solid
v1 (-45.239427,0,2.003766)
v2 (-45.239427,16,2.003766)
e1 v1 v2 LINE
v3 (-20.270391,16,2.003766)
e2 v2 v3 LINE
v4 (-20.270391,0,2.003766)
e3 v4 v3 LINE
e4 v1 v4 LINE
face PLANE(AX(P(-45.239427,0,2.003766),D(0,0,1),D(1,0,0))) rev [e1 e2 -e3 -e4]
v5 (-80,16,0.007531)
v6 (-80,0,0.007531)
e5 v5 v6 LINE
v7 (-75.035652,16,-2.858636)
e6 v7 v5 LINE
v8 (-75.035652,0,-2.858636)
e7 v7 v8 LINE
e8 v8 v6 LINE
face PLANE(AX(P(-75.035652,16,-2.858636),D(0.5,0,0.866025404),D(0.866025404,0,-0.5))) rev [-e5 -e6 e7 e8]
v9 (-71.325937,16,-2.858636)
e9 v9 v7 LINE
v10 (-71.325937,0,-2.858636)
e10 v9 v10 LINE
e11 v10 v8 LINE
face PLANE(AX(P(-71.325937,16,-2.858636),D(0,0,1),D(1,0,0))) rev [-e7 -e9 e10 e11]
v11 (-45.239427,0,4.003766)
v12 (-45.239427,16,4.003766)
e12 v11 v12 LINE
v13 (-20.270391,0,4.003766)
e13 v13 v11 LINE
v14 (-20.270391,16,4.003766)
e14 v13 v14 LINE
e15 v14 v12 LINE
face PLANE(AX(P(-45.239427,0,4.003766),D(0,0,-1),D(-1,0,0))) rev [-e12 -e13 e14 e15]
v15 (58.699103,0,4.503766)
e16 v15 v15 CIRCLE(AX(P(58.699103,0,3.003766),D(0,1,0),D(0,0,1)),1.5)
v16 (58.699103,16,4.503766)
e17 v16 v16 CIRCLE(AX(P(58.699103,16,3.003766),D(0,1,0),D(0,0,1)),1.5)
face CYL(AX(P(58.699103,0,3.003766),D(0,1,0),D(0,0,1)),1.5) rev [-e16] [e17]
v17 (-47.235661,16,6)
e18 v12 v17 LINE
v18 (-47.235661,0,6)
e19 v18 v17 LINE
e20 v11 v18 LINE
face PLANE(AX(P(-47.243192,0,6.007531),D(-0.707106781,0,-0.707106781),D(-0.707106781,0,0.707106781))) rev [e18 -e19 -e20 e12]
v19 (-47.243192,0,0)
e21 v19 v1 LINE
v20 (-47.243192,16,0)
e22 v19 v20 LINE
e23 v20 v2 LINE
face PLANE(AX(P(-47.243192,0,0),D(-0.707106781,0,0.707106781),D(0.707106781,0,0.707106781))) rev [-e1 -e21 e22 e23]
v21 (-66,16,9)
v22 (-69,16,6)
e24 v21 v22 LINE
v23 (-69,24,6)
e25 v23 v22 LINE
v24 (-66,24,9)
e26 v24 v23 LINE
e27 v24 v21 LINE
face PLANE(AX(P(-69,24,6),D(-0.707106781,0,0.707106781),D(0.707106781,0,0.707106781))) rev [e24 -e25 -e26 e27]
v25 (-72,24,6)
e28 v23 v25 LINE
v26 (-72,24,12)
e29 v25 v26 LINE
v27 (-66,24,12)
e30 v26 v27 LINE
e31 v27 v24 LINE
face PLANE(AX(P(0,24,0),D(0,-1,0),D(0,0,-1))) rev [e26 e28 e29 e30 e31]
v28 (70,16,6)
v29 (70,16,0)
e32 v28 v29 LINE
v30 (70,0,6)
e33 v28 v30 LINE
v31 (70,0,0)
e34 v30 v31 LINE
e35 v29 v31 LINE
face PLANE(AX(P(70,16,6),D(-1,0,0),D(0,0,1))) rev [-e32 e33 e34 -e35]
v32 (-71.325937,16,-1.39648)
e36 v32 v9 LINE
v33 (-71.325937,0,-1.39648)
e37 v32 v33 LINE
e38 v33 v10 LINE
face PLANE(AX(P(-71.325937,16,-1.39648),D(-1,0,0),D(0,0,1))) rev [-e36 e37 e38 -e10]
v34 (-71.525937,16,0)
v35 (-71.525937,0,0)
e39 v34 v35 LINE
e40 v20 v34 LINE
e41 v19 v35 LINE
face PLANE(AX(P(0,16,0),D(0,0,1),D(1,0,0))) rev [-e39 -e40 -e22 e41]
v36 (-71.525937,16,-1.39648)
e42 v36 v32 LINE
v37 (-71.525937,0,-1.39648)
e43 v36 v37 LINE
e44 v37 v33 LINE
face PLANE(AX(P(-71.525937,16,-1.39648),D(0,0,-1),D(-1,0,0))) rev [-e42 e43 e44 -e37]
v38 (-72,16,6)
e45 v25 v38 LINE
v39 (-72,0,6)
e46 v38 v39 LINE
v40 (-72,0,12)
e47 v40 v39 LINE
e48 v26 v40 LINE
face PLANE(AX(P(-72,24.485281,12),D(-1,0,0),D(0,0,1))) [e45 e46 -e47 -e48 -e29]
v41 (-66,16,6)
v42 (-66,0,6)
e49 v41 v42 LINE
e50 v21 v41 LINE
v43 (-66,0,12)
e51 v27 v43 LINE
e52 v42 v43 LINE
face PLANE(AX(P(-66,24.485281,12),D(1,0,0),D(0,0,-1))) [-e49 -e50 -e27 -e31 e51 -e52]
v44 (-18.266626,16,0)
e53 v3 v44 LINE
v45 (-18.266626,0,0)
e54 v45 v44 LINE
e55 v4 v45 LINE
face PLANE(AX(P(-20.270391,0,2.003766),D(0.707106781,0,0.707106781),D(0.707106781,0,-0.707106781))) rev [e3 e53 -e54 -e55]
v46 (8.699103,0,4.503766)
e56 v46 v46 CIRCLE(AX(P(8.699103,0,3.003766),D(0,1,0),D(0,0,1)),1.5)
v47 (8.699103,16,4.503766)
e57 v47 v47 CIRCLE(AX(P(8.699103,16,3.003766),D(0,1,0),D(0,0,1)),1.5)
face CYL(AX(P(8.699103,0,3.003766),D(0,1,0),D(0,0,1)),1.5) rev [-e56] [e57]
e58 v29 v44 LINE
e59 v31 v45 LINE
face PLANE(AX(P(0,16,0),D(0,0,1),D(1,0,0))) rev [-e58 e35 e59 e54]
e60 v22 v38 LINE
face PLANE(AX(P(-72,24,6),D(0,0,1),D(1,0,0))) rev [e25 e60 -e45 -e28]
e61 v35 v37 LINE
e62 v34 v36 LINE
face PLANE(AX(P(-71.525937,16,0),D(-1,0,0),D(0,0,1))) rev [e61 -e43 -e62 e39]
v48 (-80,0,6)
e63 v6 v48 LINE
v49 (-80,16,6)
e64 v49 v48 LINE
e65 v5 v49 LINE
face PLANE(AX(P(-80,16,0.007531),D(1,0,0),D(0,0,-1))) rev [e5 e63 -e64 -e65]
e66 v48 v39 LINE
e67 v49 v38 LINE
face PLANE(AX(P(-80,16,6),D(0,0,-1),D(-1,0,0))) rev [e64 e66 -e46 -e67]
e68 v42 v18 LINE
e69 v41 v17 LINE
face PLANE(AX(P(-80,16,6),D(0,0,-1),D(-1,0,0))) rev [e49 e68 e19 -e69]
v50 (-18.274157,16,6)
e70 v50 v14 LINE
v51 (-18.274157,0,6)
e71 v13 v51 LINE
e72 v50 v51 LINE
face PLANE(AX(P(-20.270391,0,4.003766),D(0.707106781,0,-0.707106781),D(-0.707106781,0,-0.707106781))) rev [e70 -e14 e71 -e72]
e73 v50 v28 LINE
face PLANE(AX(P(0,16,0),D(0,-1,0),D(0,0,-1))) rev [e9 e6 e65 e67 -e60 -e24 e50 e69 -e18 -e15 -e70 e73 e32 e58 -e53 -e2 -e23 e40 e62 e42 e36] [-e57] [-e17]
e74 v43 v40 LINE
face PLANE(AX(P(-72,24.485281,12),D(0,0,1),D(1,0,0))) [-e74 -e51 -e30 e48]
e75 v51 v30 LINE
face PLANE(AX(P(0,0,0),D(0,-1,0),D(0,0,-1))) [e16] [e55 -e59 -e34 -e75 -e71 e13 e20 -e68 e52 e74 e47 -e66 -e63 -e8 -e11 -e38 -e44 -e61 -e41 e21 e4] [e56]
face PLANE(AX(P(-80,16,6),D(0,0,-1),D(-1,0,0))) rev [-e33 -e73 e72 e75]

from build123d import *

# Parameters (mm, degrees)
EXTRUDE_1_DEPTH     = 16
SKETCH_3_R          = 1.5
CUT_EXTRUDE_1_DEPTH = 82.804645345
SKETCH_4_W          = 6
SKETCH_4_H          = 6
EXTRUDE_2_DEPTH     = 16
EXTRUDE_3_DEPTH     = 8


with BuildPart() as part:
    # Эскиз1 → Бобышка-Вытянуть1 (new body)
    with BuildSketch(Plane(origin=(0, 0, 0), x_dir=(1, 0, 0), z_dir=(0, 1, 0))):
        Polygon((0, 0), (-71.525936721, 0), (-71.525936721, 1.396480231), (-71.325936721, 1.396480231), (-71.325936721, 2.8586364), (-75.035652424, 2.8586364), (-80, -0.007531009), (-80, -6), (70, -6), (70, 0), align=None)
    extrude(amount=EXTRUDE_1_DEPTH)

    # Эскиз3 → Вырез-Вытянуть1 (cut, through all)
    with BuildSketch(Plane(origin=(0, 16, 0), x_dir=(1, 0, 0), z_dir=(0, 1, 0))):
        with Locations(Location((8.699103215, -3.003765504, 0), (0, 0, 270))):
            Circle(SKETCH_3_R)
        with Locations(Location((58.699103215, -3.003765504, 0), (0, 0, 270))):
            Circle(SKETCH_3_R)
        Polygon((-47.243192472, 0), (-45.239426968, -2.003765504), (-20.270391363, -2.003765504), (-18.266625858, 0), align=None)
        Polygon((-47.243192472, -6.007531009), (-18.266625858, -6.007531009), (-20.270391363, -4.003765504), (-45.239426968, -4.003765504), align=None)
    extrude(amount=-CUT_EXTRUDE_1_DEPTH, mode=Mode.SUBTRACT)

    # Эскиз4 → Бобышка-Вытянуть2 (add)
    with BuildSketch(Plane.XZ):
        with Locations((-69, 9)):
            Rectangle(SKETCH_4_W, SKETCH_4_H)
    extrude(amount=-EXTRUDE_2_DEPTH)

    # Эскиз5 → Бобышка-Вытянуть3 (add)
    with BuildSketch(Plane(origin=(0, 16, 0), x_dir=(1, 0, 0), z_dir=(0, 1, 0))):
        Polygon((-72, -12), (-72, -6), (-69, -6), (-66, -9), (-66, -12), align=None)
    extrude(amount=EXTRUDE_3_DEPTH)


solid = part.part
